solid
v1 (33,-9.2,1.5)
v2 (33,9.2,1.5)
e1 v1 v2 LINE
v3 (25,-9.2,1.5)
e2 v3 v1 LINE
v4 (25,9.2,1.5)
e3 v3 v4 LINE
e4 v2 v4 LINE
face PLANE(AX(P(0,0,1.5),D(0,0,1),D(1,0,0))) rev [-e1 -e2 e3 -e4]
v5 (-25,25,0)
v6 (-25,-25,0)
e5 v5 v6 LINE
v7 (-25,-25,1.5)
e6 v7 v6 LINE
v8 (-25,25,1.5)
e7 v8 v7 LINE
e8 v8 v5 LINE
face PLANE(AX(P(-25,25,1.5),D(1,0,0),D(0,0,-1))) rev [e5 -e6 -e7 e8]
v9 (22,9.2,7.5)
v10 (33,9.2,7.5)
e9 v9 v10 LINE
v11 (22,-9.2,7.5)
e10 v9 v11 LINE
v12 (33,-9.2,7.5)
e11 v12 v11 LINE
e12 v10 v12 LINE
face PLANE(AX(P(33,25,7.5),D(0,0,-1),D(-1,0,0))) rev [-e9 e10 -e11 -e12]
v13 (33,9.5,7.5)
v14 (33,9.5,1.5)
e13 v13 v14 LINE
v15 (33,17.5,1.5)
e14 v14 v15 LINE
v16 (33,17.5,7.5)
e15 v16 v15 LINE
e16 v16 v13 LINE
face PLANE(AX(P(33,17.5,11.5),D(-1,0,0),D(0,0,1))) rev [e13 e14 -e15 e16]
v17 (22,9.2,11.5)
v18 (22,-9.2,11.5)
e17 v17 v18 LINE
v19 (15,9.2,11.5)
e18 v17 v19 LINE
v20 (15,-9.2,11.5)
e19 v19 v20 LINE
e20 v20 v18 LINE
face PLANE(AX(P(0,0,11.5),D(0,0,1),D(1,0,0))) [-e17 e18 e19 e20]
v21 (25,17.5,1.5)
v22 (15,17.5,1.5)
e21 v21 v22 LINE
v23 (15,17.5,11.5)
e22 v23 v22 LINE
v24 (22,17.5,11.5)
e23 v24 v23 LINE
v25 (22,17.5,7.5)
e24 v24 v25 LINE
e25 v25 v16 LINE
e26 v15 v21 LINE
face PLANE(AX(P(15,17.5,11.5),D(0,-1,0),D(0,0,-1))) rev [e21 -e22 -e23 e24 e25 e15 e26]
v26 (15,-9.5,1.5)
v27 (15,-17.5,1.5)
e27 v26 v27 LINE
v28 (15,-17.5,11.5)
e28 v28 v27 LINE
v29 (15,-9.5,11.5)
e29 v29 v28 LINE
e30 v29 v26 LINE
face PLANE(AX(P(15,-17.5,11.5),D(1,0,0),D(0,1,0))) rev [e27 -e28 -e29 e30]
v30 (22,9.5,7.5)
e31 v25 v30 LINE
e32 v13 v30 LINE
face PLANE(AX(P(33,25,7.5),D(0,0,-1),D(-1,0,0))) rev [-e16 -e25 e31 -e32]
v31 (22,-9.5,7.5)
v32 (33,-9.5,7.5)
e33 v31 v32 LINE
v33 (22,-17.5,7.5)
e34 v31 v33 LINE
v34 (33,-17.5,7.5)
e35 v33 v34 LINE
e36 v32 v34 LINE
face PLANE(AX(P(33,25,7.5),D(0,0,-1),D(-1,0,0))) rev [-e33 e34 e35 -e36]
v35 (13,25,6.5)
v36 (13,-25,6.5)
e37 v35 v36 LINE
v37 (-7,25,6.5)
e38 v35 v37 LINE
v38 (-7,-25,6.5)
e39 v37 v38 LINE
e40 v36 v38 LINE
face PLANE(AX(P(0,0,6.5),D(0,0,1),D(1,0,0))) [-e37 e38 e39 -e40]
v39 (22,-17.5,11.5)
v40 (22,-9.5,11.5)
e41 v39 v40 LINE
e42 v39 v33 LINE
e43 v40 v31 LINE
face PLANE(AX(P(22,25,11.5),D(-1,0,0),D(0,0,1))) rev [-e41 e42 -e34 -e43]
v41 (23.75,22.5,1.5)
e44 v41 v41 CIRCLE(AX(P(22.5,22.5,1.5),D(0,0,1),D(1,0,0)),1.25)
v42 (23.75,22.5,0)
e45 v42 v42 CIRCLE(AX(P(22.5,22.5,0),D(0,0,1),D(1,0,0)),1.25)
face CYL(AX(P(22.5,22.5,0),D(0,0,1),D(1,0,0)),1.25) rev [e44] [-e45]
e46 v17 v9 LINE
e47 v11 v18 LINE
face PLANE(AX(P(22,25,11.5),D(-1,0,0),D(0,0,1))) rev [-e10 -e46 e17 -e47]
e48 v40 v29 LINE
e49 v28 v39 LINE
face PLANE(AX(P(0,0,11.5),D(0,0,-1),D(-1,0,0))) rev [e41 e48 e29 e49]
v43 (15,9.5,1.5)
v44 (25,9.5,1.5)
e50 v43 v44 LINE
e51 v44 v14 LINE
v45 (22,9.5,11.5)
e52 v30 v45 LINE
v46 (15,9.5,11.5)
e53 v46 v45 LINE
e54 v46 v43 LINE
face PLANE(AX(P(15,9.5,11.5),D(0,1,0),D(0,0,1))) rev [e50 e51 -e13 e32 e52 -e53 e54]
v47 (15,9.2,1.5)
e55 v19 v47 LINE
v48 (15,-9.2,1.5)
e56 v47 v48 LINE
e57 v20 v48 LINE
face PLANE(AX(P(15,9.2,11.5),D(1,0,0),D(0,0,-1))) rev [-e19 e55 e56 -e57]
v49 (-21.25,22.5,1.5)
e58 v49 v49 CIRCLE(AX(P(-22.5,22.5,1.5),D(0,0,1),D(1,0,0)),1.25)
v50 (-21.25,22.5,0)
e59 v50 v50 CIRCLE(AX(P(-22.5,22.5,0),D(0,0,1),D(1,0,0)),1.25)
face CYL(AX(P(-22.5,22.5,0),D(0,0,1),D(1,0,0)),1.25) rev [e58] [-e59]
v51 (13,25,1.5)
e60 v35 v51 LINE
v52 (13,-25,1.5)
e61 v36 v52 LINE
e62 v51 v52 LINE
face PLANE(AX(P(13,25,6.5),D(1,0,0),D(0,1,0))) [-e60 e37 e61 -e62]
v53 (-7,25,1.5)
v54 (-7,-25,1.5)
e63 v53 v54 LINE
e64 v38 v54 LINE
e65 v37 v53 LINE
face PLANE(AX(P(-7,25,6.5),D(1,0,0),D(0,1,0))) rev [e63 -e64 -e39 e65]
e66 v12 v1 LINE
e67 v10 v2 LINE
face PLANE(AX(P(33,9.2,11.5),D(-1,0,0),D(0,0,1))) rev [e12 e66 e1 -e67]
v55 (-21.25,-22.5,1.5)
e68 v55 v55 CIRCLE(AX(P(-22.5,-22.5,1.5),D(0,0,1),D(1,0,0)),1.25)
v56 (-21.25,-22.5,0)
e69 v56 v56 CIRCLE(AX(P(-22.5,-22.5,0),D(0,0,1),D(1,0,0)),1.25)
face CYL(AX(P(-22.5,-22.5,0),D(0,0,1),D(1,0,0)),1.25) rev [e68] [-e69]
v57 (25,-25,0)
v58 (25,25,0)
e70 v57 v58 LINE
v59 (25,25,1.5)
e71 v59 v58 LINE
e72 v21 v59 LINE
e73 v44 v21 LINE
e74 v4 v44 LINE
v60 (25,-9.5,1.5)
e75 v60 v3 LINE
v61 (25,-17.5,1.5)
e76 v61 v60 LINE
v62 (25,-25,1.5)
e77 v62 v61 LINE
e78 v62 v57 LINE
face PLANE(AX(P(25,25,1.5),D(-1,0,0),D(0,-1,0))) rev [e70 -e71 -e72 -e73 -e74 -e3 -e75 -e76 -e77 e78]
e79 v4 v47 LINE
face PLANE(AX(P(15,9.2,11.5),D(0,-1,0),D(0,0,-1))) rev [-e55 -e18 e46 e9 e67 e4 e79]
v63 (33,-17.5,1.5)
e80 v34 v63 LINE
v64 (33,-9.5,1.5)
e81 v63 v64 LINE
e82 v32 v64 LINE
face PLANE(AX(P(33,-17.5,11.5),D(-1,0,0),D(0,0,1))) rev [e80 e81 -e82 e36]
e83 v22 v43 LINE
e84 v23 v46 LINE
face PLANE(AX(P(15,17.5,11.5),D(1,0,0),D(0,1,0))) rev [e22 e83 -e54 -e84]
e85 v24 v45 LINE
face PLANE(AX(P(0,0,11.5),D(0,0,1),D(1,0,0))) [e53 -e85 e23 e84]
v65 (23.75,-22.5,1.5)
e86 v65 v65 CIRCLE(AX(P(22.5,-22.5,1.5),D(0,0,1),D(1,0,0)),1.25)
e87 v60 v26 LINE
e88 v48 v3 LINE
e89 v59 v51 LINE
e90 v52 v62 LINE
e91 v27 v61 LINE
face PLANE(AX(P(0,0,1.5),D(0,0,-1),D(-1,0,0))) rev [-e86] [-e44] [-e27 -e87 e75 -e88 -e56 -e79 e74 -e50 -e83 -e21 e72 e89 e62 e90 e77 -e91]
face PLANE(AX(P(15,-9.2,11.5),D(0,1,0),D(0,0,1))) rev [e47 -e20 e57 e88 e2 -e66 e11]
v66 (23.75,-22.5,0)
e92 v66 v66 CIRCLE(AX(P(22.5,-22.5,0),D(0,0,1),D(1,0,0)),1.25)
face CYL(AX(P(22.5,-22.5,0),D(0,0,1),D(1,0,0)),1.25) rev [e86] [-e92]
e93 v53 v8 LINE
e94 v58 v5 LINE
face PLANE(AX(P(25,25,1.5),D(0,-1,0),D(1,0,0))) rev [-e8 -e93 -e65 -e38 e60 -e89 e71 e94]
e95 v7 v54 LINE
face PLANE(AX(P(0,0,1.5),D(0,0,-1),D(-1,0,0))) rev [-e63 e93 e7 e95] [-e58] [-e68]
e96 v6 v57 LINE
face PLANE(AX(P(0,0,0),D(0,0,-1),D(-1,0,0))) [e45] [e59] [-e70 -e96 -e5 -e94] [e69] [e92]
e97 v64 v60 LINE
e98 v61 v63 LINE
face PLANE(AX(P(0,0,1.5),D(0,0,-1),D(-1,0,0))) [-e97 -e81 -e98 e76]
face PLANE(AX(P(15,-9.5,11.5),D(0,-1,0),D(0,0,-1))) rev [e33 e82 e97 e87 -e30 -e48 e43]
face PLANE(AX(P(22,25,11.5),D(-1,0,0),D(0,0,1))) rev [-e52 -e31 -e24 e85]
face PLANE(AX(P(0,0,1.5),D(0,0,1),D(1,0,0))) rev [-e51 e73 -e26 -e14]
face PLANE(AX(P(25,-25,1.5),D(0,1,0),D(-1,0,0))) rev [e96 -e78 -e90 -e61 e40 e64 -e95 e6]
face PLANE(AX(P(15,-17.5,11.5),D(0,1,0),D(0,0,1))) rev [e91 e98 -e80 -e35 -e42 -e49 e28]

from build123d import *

# Parameters (mm, degrees)
SKETCH_1_W          = 50
SKETCH_1_H          = 50
EXTRUDE_1_DEPTH     = 1.5
SKETCH_2_W          = 20
SKETCH_2_H          = 50
EXTRUDE_2_DEPTH     = 5
SKETCH_3_W          = 18
SKETCH_3_H          = 8
SKETCH_3_H_2        = 18.4
EXTRUDE_3_DEPTH     = 10
SKETCH_4_W          = 11
SKETCH_4_H          = 4
CUT_EXTRUDE_1_DEPTH = 56.022722579
SKETCH_5_R          = 1.25
CUT_EXTRUDE_2_DEPTH = 43.591078878


with BuildPart() as part:
    # 草图1 → 凸台-拉伸1 (new body)
    with BuildSketch(Plane.XY):
        Rectangle(SKETCH_1_W, SKETCH_1_H)
    extrude(amount=EXTRUDE_1_DEPTH)

    # 草图2 → 凸台-拉伸2 (add)
    with BuildSketch(Plane.XY.offset(1.5)):
        with Locations((3, 0)):
            Rectangle(SKETCH_2_W, SKETCH_2_H)
    extrude(amount=EXTRUDE_2_DEPTH)

    # 草图3 → 凸台-拉伸3 (add)
    with BuildSketch(Plane.XY.offset(1.5)):
        with Locations((24, 13.5)):
            Rectangle(SKETCH_3_W, SKETCH_3_H)
        with Locations((24, 0)):
            Rectangle(SKETCH_3_W, SKETCH_3_H_2)
        with Locations((24, -13.5)):
            Rectangle(SKETCH_3_W, SKETCH_3_H)
    extrude(amount=EXTRUDE_3_DEPTH)

    # 草图4 → 切除-拉伸1 (cut, through all)
    with BuildSketch(Plane.XZ.offset(17.5)):
        with Locations((27.5, 9.5)):
            Rectangle(SKETCH_4_W, SKETCH_4_H)
    extrude(amount=-CUT_EXTRUDE_1_DEPTH, mode=Mode.SUBTRACT)

    # 草图5 → 切除-拉伸2 (cut, through all)
    with BuildSketch(Plane.XY.offset(1.5)):
        with Locations((-22.5, 22.5)):
            Circle(SKETCH_5_R)
        with Locations((22.5, 22.5)):
            Circle(SKETCH_5_R)
        with Locations((22.5, -22.5)):
            Circle(SKETCH_5_R)
        with Locations((-22.5, -22.5)):
            Circle(SKETCH_5_R)
    extrude(amount=-CUT_EXTRUDE_2_DEPTH, mode=Mode.SUBTRACT)


solid = part.part
